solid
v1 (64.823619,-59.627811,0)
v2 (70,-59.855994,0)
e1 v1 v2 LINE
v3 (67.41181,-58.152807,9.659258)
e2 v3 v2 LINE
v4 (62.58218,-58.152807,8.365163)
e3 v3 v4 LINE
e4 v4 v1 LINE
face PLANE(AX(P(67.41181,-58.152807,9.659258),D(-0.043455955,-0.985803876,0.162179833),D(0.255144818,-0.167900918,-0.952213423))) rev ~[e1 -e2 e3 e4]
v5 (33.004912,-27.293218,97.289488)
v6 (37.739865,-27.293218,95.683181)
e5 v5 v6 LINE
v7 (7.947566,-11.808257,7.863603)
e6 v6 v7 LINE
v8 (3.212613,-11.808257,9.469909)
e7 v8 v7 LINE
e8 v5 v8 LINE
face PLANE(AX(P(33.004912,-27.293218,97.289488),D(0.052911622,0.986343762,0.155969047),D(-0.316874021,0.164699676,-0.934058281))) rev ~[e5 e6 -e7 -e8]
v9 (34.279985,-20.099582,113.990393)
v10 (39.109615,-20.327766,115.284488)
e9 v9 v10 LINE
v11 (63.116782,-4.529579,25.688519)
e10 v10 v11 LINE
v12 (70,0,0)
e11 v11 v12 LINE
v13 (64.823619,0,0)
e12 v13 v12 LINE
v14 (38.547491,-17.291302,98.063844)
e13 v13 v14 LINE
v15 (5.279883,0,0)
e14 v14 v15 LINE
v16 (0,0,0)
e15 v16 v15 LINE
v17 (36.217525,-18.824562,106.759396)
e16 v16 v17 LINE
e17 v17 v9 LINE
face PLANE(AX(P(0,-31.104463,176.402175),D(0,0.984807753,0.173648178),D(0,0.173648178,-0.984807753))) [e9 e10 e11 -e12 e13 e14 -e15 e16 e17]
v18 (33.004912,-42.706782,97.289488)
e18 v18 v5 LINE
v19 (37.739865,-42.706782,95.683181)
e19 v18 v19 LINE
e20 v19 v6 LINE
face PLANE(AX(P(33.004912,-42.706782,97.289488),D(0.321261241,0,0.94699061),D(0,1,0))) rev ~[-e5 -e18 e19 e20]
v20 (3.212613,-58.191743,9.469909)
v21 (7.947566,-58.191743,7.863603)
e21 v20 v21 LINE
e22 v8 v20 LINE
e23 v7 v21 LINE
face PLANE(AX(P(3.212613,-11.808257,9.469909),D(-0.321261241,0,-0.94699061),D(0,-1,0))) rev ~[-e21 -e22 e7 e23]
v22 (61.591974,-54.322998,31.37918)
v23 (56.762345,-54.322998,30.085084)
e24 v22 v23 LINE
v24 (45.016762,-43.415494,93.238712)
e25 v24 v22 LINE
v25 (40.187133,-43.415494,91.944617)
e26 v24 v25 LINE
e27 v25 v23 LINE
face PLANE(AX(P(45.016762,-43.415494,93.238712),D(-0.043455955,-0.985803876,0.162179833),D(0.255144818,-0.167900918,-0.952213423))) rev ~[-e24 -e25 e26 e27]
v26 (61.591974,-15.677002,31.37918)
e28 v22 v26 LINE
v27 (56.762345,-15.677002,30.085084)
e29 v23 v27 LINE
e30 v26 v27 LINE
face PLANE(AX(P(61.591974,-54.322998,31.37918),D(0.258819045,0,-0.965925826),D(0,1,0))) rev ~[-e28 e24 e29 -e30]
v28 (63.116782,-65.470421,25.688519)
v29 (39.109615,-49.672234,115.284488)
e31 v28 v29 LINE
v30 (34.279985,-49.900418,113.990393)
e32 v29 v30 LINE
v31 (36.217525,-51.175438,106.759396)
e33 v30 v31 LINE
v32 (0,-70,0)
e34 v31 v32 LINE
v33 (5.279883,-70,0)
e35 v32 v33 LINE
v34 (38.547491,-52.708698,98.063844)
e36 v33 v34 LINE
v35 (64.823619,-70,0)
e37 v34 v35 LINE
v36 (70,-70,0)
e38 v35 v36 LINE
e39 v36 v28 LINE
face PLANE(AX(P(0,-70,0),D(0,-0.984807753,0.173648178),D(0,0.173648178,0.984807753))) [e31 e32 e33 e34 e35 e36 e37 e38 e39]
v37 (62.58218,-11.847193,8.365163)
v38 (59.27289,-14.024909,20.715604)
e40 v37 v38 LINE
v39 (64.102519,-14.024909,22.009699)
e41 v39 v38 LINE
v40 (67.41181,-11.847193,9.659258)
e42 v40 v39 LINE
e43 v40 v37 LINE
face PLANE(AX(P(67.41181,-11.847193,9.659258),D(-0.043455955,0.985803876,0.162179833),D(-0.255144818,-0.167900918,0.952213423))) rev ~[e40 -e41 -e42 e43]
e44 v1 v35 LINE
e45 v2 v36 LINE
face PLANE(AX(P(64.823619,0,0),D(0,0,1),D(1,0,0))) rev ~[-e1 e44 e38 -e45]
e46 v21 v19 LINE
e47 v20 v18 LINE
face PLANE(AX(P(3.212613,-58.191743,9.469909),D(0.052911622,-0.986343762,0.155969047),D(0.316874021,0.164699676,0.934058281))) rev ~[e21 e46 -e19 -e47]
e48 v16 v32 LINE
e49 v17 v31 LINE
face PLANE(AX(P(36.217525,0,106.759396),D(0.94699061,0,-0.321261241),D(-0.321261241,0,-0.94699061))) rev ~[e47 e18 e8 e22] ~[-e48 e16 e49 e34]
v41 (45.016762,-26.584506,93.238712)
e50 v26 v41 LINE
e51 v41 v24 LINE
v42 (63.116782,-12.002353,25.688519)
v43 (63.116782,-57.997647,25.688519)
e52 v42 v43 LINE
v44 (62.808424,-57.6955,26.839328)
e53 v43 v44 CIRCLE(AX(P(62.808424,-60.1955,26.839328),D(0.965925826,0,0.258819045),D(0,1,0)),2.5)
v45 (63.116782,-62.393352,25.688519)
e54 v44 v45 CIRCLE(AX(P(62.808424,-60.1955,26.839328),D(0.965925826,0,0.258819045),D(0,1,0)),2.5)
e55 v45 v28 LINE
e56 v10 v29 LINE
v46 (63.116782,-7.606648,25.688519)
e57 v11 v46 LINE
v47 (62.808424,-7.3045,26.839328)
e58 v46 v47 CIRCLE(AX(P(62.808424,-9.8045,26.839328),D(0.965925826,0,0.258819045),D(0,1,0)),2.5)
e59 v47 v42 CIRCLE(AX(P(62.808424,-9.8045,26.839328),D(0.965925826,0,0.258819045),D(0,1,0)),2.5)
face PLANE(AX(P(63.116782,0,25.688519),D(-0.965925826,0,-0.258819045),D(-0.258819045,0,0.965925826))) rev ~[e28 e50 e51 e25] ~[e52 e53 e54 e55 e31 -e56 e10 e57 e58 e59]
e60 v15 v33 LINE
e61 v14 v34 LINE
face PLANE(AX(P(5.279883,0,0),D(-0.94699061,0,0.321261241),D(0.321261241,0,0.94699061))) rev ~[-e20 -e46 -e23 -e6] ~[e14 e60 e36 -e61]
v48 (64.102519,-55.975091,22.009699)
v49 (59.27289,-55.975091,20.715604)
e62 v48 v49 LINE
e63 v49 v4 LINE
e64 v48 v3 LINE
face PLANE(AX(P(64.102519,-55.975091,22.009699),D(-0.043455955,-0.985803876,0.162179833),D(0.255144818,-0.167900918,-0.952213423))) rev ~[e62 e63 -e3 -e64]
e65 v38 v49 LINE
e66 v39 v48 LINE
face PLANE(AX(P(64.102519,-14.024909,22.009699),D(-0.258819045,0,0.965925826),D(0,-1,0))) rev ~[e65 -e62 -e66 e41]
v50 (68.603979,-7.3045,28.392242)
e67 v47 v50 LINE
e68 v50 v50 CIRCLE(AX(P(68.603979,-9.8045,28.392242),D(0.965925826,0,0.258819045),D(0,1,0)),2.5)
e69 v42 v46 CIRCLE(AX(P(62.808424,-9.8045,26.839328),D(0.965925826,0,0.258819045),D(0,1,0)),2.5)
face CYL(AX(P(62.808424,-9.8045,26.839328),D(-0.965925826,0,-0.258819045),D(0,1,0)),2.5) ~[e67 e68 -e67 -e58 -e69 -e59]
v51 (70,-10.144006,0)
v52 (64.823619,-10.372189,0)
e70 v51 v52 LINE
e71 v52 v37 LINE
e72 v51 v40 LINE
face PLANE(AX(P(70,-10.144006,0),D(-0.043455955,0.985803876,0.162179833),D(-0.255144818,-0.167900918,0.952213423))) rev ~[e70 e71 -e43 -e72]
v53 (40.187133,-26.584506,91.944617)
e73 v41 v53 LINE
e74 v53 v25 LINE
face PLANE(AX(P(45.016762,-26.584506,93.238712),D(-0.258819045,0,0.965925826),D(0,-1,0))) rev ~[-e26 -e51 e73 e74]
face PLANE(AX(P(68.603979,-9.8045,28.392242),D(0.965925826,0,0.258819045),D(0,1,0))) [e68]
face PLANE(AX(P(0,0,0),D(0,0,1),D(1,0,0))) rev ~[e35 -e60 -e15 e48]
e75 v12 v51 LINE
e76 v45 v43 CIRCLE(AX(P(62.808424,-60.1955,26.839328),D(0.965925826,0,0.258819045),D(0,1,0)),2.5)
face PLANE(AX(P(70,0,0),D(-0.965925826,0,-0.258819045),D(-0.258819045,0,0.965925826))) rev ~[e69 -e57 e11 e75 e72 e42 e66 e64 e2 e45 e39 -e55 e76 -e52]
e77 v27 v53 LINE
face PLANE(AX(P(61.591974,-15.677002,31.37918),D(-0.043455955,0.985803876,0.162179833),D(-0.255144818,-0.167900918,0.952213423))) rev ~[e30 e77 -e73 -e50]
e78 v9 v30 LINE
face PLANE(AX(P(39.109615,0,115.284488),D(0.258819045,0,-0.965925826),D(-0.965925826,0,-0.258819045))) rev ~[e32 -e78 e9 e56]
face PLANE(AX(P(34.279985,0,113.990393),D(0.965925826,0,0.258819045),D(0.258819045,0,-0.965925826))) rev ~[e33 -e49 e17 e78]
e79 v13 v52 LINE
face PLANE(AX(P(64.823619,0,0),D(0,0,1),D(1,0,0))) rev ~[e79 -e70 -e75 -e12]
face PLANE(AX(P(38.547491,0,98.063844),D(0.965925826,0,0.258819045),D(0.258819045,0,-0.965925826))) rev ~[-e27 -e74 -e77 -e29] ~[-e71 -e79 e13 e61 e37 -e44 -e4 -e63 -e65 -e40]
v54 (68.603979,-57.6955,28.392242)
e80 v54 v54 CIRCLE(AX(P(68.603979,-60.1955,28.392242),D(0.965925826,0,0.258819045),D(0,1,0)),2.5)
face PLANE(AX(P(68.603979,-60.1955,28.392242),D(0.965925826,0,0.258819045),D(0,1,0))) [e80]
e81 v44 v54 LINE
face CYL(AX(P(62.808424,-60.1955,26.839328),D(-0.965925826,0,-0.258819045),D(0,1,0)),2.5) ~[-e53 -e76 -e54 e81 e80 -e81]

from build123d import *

# Parameters (mm, degrees)
F1_DEPTH = 70
F3_DEPTH = 70.001
F5_DEPTH = 5
F7_DEPTH = 5
F6_R     = 2.5
F8_DEPTH = 6


with BuildPart() as f1:
    # F0 (on Front) → F1 (new body)
    with BuildSketch(Plane.XZ):
        Polygon((64.8236190979, 0), (70, 0), (63.1167820899, 25.6885189599), (39.1096145047, 115.2844881338), (34.2799853733, 113.9903929083), (36.2175250532, 106.7593963813), (0, 0), (5.2798833988, 0), (38.5474912469, 98.0638441664), align=None)
    extrude(amount=F1_DEPTH)

    # F2 (on Right) → F3 (cut, through all)
    with BuildSketch(Plane.YZ):
        Polygon((-31.1044628837, 176.4021748616), (0, 0), (48.4349839389, -5.1851687022), (65.811291337, 203.3304870129), align=None)
        Polygon((-111.5468591452, -12.9745472223), (-70, 0), (-38.8955371163, 176.4021748616), (-111.5468591452, 176.4021748616), align=None)
    extrude(amount=F3_DEPTH, mode=Mode.SUBTRACT)

    # F4 (on face) → F5 (cut)
    with BuildSketch(Plane(origin=(0, 0, 0), x_dir=(0, -1, 0), z_dir=(-0.9469906099, 0, 0.3212612407))):
        Polygon((58.1917434691, 10.0000029223), (42.7067823189, 102.7354300022), (27.2932176811, 102.7354300022), (11.8082565309, 10.0000029223), align=None)
    extrude(amount=-F5_DEPTH, mode=Mode.SUBTRACT)

    # F6 (on face) → F7 (cut)
    with BuildSketch(Plane(origin=(65.3108891325, 0, 17.5), x_dir=(0, 1, 0), z_dir=(0.9659258263, 0, 0.2588190451))):
        Polygon((-10.1440055617, -18.1173331572), (-11.8471934071, -8.1173331572), (-14.0249093092, 4.6687838175), (-55.9750906908, 4.6687838175), (-58.1528065929, -8.1173331572), (-59.8559944383, -18.1173331572), align=None)
        Polygon((-26.5845061685, 78.4104846719), (-43.4154938315, 78.4104846719), (-54.3229984458, 14.3687840231), (-15.6770015542, 14.3687840231), align=None)
    extrude(amount=-F7_DEPTH, mode=Mode.SUBTRACT)

    # F6 (on face) → F8 (join)
    with BuildSketch(Plane(origin=(65.3108891325, 0, 17.5), x_dir=(0, 1, 0), z_dir=(0.9659258263, 0, 0.2588190451))):
        with Locations((-60.195499549, 9.6687838175)):
            Circle(F6_R)
        with Locations((-9.804500451, 9.6687838175)):
            Circle(F6_R)
    extrude(amount=F8_DEPTH)


solid = f1.part
